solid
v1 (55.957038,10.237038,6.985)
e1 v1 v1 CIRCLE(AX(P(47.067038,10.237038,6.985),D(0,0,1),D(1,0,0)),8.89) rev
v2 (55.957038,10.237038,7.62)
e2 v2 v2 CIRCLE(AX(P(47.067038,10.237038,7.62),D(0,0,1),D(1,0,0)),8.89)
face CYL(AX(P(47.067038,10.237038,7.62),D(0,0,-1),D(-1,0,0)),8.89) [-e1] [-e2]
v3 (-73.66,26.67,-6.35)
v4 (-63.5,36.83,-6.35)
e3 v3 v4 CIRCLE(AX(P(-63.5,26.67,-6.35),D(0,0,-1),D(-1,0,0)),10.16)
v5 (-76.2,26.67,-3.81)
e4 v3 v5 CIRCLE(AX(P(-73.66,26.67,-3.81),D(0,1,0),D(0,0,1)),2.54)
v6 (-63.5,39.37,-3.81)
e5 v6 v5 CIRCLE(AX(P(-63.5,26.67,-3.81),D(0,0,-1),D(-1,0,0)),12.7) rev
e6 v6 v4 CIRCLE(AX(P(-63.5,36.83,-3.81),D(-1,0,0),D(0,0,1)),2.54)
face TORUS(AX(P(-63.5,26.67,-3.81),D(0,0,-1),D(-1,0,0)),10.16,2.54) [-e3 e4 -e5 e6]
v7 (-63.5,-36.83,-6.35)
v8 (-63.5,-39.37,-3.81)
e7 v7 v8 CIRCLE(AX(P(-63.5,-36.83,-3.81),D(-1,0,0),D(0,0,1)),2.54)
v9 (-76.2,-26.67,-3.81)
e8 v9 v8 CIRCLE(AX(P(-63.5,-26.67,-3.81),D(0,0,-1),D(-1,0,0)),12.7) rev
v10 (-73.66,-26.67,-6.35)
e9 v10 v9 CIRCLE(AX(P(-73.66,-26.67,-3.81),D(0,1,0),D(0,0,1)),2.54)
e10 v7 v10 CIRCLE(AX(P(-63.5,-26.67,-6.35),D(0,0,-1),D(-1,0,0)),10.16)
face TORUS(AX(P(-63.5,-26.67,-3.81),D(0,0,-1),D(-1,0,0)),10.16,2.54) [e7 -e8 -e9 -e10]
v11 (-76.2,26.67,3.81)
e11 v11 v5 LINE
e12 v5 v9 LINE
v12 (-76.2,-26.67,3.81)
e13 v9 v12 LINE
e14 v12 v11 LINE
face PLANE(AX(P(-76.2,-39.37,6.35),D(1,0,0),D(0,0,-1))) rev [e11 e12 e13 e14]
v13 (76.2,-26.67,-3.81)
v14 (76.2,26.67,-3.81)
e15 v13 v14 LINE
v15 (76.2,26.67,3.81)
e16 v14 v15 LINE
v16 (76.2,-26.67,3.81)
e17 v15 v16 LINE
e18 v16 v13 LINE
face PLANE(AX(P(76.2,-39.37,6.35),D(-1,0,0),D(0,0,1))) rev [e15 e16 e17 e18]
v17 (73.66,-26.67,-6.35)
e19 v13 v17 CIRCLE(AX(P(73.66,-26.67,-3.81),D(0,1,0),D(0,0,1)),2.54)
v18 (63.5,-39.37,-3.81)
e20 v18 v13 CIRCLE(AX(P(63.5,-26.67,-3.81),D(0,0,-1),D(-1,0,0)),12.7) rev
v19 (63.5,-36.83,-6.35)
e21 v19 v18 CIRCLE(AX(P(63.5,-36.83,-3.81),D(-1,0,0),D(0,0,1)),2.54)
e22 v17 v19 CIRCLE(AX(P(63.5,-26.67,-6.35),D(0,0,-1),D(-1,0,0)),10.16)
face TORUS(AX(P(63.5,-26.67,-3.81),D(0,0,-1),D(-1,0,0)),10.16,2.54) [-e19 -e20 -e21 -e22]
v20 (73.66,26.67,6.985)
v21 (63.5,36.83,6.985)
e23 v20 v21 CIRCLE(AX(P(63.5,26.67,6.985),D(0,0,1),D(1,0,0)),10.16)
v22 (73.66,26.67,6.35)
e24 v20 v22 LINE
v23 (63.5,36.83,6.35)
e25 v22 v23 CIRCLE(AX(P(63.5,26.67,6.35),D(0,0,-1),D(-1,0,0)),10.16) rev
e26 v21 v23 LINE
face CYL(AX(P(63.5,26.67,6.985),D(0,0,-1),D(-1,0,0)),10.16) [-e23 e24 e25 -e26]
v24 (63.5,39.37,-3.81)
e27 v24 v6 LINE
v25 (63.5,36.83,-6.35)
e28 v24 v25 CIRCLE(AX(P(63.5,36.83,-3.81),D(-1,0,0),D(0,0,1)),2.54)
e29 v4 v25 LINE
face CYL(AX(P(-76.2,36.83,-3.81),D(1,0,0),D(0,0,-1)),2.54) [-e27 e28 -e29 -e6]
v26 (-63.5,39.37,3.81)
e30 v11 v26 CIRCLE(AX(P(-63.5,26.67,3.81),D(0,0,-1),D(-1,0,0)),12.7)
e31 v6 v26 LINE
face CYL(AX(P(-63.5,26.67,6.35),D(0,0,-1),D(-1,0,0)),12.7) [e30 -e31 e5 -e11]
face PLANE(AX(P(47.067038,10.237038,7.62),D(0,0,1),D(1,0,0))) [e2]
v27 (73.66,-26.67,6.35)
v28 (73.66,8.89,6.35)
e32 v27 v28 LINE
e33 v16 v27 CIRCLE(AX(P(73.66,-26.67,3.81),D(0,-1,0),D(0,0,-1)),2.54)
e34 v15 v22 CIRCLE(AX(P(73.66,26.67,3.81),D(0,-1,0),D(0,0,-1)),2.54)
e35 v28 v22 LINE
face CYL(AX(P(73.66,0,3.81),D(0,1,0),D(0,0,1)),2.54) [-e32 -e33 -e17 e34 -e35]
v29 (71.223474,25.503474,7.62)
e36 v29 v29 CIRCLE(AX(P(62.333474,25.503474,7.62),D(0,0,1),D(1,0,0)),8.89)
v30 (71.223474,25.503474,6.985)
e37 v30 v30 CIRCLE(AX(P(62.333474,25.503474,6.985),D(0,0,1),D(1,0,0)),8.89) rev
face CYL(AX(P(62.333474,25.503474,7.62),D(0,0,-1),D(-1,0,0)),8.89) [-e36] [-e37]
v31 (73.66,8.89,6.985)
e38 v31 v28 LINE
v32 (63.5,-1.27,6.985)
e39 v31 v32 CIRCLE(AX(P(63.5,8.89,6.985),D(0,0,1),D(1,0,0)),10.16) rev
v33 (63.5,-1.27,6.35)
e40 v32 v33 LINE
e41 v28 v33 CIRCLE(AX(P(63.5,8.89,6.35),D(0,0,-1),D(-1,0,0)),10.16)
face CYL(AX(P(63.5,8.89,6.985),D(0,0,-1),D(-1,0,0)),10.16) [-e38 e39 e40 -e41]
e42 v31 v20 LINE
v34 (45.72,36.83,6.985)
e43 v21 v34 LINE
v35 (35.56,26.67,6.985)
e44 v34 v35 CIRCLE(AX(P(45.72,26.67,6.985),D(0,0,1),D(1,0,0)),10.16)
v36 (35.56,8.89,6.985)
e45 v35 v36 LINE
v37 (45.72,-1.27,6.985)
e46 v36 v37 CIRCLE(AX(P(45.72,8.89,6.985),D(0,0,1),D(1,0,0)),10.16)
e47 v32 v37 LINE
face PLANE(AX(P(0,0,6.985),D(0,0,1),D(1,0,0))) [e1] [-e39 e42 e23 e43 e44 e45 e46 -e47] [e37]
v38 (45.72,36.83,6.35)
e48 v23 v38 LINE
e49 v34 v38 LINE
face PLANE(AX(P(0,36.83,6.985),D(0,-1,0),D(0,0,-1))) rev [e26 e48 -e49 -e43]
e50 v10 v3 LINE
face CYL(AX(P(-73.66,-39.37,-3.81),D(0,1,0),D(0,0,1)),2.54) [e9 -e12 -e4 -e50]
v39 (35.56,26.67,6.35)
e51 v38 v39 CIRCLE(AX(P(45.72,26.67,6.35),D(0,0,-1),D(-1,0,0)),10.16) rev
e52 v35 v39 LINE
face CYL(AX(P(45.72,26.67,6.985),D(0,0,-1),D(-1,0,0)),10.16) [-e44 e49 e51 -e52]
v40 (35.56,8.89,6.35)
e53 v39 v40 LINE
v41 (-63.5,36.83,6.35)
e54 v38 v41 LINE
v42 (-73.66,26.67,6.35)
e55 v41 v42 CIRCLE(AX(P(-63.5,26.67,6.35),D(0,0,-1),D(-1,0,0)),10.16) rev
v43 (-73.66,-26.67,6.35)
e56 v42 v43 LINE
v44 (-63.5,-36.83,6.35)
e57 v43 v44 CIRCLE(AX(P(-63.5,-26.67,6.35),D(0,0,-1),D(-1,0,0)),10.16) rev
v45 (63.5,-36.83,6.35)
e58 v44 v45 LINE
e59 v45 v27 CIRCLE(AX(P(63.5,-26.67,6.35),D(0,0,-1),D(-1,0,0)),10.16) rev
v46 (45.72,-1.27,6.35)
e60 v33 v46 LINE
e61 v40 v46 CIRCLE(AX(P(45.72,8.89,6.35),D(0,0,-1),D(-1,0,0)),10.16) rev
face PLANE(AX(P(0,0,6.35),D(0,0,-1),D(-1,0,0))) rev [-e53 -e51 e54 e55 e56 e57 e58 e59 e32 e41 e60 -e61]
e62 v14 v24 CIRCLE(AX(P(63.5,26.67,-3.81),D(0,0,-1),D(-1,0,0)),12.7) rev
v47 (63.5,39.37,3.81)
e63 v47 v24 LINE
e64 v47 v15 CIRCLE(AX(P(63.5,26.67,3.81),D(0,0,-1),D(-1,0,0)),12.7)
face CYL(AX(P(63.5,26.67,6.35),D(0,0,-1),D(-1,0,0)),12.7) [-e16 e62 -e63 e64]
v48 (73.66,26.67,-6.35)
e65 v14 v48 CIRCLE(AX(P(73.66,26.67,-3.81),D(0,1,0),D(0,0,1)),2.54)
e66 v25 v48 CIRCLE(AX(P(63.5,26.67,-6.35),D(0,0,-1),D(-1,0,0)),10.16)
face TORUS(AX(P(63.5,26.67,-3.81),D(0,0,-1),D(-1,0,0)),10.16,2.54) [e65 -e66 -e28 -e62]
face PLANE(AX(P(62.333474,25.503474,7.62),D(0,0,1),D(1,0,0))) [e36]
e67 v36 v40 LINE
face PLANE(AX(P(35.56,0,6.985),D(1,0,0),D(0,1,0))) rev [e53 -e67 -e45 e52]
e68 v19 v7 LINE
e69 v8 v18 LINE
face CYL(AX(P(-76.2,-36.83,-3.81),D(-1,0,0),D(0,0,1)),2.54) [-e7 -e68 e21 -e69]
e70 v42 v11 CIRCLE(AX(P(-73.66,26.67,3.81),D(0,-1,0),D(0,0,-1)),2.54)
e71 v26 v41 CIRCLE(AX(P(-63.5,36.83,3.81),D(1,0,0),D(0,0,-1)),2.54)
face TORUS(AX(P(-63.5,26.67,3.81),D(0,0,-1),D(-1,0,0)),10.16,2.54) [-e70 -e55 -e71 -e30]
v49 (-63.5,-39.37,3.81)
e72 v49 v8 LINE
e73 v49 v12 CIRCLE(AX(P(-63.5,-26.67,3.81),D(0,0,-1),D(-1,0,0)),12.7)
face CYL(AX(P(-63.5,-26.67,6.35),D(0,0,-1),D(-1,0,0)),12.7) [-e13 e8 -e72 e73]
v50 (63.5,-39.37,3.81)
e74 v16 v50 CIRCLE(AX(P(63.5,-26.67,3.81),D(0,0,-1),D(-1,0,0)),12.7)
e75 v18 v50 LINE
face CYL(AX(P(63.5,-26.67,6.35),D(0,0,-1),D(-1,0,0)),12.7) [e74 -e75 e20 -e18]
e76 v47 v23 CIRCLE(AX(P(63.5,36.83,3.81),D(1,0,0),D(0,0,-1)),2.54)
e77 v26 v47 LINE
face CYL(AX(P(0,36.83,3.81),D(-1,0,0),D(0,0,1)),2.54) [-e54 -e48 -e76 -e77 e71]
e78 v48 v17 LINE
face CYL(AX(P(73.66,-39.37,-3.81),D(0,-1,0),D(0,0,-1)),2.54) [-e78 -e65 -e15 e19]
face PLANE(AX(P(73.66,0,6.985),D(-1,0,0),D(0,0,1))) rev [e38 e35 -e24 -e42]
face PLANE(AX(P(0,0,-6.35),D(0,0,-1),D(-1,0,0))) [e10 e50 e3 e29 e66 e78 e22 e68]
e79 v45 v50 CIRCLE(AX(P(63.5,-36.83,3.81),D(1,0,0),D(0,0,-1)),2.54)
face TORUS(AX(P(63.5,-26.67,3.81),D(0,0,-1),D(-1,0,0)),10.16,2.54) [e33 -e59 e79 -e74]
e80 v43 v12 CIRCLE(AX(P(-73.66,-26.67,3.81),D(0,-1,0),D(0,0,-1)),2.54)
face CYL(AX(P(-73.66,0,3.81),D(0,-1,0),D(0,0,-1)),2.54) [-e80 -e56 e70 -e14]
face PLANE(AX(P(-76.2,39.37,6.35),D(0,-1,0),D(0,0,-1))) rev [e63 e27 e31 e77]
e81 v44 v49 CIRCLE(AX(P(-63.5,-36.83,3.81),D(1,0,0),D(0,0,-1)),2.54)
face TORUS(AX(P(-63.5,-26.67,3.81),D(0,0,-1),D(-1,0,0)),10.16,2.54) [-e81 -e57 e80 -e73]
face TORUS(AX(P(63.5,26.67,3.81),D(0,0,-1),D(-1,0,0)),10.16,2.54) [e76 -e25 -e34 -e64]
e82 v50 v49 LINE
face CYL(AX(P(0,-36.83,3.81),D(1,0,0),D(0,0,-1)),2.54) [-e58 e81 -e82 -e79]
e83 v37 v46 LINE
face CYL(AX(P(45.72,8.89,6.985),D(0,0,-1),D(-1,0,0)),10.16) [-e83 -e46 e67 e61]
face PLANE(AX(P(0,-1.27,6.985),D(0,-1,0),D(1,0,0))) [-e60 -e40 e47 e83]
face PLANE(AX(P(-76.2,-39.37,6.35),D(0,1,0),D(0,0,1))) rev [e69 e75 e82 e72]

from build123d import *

# Parameters (mm, degrees)
SKETCH1_W           = 152.4
SKETCH1_H           = 78.74
BOSS_EXTRUDE1_DEPTH = 6.35
FILLET1_R           = 12.7
FILLET2_R           = 2.54
BOSS_EXTRUDE2_DEPTH = 0.635
SKETCH3_R           = 8.89
BOSS_EXTRUDE3_DEPTH = 0.635


with BuildPart() as part:
    # Sketch1 → Boss-Extrude1 (new body, symmetric)
    with BuildSketch(Plane.XY):
        Rectangle(SKETCH1_W, SKETCH1_H)
    extrude(amount=BOSS_EXTRUDE1_DEPTH, both=True)

    # Fillet1
    fillet1_edges = [part.edges().sort_by_distance(p)[0] for p in [
        (76.2, -39.37, 0),
        (-76.2, -39.37, 0),
        (-76.2, 39.37, 0),
        (76.2, 39.37, 0),
    ]]
    fillet(fillet1_edges, radius=FILLET1_R)

    # Fillet2
    fillet2_edges = [part.edges().sort_by_distance(p)[0] for p in [
        (0, 39.37, -6.35),
        (0, 39.37, 6.35),
        (76.2, 0, -6.35),
        (0, -39.37, -6.35),
        (-76.2, 0, -6.35),
        (-72.480256121, 35.650256121, -6.35),
        (-72.480256121, -35.650256121, -6.35),
        (72.480256121, -35.650256121, -6.35),
        (72.480256121, 35.650256121, -6.35),
        (76.2, 0, 6.35),
        (-76.2, 0, 6.35),
        (0, -39.37, 6.35),
        (-72.480256121, 35.650256121, 6.35),
        (-72.480256121, -35.650256121, 6.35),
        (72.480256121, -35.650256121, 6.35),
        (72.480256121, 35.650256121, 6.35),
    ]]
    fillet(fillet2_edges, radius=FILLET2_R)

    # Sketch2 → Boss-Extrude2 (add, symmetric)
    with BuildSketch(Plane.XY.offset(6.35)):
        with BuildLine():
            ThreePointArc((73.66, 26.67), (70.684204897, 33.854204897), (63.5, 36.83))
            Line((63.5, 36.83), (45.72, 36.83))
            ThreePointArc((45.72, 36.83), (38.535795103, 33.854204897), (35.56, 26.67))
            Line((35.56, 26.67), (35.56, 8.89))
            ThreePointArc((35.56, 8.89), (38.535795103, 1.705795103), (45.72, -1.27))
            Line((45.72, -1.27), (63.5, -1.27))
            ThreePointArc((63.5, -1.27), (70.684204897, 1.705795103), (73.66, 8.89))
            Line((73.66, 8.89), (73.66, 26.67))
        make_face()
    extrude(amount=BOSS_EXTRUDE2_DEPTH, both=True)

    # Sketch3 → Boss-Extrude3 (add, symmetric)
    with BuildSketch(Plane.XY.offset(6.985)):
        with Locations((62.333473824, 25.503473824)):
            Circle(SKETCH3_R)
        with Locations((47.067038418, 10.237038418)):
            Circle(SKETCH3_R)
    extrude(amount=BOSS_EXTRUDE3_DEPTH, both=True)


solid = part.part
